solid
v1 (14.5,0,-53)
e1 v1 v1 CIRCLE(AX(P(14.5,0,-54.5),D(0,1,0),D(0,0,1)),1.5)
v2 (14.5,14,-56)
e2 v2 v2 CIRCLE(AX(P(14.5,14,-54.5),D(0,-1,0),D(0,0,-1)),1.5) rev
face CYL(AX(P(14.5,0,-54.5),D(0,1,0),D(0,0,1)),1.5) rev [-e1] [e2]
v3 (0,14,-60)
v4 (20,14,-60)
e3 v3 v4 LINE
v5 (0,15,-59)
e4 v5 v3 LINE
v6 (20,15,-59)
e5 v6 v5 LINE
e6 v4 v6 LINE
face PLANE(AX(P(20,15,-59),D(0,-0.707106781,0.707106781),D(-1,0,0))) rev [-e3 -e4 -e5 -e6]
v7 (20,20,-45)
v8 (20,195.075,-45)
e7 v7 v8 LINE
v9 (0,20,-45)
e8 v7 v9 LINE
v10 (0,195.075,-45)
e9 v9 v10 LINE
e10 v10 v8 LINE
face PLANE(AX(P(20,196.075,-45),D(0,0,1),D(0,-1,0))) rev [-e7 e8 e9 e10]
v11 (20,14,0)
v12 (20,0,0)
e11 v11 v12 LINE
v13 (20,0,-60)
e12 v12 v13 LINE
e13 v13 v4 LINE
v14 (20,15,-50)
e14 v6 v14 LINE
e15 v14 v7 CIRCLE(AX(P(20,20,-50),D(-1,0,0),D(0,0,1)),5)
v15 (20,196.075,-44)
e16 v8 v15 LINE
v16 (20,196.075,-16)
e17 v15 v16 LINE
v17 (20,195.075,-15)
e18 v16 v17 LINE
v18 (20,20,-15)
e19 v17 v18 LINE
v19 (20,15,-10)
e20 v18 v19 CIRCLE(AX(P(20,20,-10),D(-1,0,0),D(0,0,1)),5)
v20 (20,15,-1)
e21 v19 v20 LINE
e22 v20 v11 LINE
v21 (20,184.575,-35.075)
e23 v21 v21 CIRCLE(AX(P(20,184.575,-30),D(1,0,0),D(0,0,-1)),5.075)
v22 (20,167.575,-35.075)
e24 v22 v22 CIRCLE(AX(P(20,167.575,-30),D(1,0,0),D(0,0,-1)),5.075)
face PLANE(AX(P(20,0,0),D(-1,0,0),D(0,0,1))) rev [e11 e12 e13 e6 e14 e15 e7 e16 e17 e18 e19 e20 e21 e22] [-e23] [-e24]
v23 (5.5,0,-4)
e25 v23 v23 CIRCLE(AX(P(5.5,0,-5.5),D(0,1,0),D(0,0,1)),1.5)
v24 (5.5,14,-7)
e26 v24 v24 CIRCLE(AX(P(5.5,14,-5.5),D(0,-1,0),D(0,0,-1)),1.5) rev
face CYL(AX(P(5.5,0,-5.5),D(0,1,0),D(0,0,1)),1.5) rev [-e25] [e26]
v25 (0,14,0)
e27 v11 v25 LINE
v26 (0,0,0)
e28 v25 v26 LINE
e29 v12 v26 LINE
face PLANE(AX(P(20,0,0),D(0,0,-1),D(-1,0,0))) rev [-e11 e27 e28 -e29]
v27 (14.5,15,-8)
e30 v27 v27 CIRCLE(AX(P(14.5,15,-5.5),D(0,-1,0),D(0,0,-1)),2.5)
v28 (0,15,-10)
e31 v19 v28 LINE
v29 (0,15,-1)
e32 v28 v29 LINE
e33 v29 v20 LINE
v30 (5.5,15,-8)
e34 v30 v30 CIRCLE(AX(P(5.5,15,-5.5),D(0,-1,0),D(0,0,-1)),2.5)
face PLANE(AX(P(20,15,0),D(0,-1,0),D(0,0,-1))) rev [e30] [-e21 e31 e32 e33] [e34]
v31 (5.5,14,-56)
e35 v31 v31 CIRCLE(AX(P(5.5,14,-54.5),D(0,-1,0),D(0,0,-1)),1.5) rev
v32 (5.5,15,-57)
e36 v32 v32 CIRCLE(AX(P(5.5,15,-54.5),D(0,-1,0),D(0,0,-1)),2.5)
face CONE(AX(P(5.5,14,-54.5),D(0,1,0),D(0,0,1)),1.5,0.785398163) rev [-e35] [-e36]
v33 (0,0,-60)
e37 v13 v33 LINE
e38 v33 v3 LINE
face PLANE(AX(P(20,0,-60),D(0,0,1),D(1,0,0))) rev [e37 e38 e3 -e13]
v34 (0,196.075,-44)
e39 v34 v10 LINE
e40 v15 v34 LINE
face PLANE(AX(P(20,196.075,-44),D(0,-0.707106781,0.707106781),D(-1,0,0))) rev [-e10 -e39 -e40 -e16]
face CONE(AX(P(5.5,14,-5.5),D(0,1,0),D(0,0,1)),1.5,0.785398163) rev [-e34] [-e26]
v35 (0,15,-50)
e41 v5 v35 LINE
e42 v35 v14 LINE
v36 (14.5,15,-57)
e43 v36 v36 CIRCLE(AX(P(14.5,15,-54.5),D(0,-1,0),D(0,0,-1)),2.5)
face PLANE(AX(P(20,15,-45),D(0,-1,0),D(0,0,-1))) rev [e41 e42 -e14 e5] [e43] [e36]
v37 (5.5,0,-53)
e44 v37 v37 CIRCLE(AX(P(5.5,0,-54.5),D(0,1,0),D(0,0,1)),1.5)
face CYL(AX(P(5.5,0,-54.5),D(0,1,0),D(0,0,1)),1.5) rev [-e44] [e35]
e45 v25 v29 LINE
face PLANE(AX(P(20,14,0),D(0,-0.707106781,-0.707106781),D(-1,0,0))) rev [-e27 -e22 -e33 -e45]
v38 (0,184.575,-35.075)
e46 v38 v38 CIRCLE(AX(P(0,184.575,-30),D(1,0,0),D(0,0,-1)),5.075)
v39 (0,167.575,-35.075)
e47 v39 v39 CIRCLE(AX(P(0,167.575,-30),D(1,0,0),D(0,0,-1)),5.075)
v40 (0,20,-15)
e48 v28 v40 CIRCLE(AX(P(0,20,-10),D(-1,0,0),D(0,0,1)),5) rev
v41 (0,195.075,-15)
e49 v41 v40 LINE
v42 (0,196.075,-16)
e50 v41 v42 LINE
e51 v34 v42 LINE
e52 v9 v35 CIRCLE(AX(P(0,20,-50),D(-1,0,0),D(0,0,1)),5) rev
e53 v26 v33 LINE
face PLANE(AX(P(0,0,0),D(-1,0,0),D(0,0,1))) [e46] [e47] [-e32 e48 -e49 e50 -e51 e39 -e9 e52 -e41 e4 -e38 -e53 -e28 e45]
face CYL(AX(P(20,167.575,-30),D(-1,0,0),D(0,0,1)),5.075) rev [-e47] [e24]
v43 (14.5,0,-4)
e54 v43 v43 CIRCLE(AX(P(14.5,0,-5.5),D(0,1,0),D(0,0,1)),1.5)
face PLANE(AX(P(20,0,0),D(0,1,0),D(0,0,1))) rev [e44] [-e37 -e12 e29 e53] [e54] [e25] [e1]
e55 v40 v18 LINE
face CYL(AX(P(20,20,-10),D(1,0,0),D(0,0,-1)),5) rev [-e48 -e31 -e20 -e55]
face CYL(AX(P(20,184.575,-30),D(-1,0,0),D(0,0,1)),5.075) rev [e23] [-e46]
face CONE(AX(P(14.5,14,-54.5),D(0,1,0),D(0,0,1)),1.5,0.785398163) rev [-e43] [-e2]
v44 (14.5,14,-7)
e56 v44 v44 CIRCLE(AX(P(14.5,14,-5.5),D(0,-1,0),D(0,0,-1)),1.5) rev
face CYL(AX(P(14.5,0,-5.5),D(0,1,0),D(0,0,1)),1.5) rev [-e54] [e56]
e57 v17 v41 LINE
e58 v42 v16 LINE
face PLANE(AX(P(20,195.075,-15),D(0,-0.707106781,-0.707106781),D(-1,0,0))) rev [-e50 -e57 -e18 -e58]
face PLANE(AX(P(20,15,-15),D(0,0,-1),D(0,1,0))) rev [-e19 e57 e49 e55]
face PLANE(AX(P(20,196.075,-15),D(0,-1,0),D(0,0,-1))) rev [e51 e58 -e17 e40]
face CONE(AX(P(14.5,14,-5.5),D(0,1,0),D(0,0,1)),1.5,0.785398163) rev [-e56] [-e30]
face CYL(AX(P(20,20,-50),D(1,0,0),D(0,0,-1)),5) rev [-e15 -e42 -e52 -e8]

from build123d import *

# Parameters (mm, degrees)
SKETCH1_R           = 5.075
BOSS_EXTRUDE1_DEPTH = 20
CHAMFER1_SIZE       = 1
FILLET1_R           = 5
SKETCH2_R           = 1.5
CUT_EXTRUDE1_DEPTH  = 15
CHAMFER2_SIZE       = 1


with BuildPart() as part:
    # Sketch1 → Boss-Extrude1 (new body)
    with BuildSketch(Plane(origin=(0, 0, 0), x_dir=(0, 0, -1), z_dir=(1, 0, 0))):
        Polygon((0, 0), (60, 0), (60, 15), (45, 15), (45, 196.075), (15, 196.075), (15, 15), (0, 15), align=None)
        with Locations((30, 184.575)):
            Circle(SKETCH1_R, mode=Mode.SUBTRACT)
        with Locations((30, 167.575)):
            Circle(SKETCH1_R, mode=Mode.SUBTRACT)
    extrude(amount=BOSS_EXTRUDE1_DEPTH)

    # Chamfer1
    chamfer1_edges = [part.edges().sort_by_distance(p)[0] for p in [
        (10, 15, 0),
        (10, 196.075, -15),
        (10, 196.075, -45),
        (10, 15, -60),
    ]]
    chamfer(chamfer1_edges, length=CHAMFER1_SIZE)

    # Fillet1
    fillet1_edges = [part.edges().sort_by_distance(p)[0] for p in [
        (10, 15, -15),
        (10, 15, -45),
    ]]
    fillet(fillet1_edges, radius=FILLET1_R)

    # Sketch2 → Cut-Extrude1 (cut)
    with BuildSketch(Plane(origin=(0, 15, 0), x_dir=(1, 0, 0), z_dir=(0, 1, 0))):
        with Locations(Location((5.5, 54.5, 0), (0, 0, 270))):
            Circle(SKETCH2_R)
        with Locations(Location((14.5, 54.5, 0), (0, 0, 270))):
            Circle(SKETCH2_R)
        with Locations(Location((5.5, 5.5, 0), (0, 0, 270))):
            Circle(SKETCH2_R)
        with Locations(Location((14.5, 5.5, 0), (0, 0, 270))):
            Circle(SKETCH2_R)
    extrude(amount=-CUT_EXTRUDE1_DEPTH, mode=Mode.SUBTRACT)

    # Chamfer2
    chamfer2_edges = [part.edges().sort_by_distance(p)[0] for p in [
        (14.5, 15, -56),
        (5.5, 15, -7),
        (14.5, 15, -7),
        (5.5, 15, -56),
    ]]
    chamfer(chamfer2_edges, length=CHAMFER2_SIZE)


solid = part.part
